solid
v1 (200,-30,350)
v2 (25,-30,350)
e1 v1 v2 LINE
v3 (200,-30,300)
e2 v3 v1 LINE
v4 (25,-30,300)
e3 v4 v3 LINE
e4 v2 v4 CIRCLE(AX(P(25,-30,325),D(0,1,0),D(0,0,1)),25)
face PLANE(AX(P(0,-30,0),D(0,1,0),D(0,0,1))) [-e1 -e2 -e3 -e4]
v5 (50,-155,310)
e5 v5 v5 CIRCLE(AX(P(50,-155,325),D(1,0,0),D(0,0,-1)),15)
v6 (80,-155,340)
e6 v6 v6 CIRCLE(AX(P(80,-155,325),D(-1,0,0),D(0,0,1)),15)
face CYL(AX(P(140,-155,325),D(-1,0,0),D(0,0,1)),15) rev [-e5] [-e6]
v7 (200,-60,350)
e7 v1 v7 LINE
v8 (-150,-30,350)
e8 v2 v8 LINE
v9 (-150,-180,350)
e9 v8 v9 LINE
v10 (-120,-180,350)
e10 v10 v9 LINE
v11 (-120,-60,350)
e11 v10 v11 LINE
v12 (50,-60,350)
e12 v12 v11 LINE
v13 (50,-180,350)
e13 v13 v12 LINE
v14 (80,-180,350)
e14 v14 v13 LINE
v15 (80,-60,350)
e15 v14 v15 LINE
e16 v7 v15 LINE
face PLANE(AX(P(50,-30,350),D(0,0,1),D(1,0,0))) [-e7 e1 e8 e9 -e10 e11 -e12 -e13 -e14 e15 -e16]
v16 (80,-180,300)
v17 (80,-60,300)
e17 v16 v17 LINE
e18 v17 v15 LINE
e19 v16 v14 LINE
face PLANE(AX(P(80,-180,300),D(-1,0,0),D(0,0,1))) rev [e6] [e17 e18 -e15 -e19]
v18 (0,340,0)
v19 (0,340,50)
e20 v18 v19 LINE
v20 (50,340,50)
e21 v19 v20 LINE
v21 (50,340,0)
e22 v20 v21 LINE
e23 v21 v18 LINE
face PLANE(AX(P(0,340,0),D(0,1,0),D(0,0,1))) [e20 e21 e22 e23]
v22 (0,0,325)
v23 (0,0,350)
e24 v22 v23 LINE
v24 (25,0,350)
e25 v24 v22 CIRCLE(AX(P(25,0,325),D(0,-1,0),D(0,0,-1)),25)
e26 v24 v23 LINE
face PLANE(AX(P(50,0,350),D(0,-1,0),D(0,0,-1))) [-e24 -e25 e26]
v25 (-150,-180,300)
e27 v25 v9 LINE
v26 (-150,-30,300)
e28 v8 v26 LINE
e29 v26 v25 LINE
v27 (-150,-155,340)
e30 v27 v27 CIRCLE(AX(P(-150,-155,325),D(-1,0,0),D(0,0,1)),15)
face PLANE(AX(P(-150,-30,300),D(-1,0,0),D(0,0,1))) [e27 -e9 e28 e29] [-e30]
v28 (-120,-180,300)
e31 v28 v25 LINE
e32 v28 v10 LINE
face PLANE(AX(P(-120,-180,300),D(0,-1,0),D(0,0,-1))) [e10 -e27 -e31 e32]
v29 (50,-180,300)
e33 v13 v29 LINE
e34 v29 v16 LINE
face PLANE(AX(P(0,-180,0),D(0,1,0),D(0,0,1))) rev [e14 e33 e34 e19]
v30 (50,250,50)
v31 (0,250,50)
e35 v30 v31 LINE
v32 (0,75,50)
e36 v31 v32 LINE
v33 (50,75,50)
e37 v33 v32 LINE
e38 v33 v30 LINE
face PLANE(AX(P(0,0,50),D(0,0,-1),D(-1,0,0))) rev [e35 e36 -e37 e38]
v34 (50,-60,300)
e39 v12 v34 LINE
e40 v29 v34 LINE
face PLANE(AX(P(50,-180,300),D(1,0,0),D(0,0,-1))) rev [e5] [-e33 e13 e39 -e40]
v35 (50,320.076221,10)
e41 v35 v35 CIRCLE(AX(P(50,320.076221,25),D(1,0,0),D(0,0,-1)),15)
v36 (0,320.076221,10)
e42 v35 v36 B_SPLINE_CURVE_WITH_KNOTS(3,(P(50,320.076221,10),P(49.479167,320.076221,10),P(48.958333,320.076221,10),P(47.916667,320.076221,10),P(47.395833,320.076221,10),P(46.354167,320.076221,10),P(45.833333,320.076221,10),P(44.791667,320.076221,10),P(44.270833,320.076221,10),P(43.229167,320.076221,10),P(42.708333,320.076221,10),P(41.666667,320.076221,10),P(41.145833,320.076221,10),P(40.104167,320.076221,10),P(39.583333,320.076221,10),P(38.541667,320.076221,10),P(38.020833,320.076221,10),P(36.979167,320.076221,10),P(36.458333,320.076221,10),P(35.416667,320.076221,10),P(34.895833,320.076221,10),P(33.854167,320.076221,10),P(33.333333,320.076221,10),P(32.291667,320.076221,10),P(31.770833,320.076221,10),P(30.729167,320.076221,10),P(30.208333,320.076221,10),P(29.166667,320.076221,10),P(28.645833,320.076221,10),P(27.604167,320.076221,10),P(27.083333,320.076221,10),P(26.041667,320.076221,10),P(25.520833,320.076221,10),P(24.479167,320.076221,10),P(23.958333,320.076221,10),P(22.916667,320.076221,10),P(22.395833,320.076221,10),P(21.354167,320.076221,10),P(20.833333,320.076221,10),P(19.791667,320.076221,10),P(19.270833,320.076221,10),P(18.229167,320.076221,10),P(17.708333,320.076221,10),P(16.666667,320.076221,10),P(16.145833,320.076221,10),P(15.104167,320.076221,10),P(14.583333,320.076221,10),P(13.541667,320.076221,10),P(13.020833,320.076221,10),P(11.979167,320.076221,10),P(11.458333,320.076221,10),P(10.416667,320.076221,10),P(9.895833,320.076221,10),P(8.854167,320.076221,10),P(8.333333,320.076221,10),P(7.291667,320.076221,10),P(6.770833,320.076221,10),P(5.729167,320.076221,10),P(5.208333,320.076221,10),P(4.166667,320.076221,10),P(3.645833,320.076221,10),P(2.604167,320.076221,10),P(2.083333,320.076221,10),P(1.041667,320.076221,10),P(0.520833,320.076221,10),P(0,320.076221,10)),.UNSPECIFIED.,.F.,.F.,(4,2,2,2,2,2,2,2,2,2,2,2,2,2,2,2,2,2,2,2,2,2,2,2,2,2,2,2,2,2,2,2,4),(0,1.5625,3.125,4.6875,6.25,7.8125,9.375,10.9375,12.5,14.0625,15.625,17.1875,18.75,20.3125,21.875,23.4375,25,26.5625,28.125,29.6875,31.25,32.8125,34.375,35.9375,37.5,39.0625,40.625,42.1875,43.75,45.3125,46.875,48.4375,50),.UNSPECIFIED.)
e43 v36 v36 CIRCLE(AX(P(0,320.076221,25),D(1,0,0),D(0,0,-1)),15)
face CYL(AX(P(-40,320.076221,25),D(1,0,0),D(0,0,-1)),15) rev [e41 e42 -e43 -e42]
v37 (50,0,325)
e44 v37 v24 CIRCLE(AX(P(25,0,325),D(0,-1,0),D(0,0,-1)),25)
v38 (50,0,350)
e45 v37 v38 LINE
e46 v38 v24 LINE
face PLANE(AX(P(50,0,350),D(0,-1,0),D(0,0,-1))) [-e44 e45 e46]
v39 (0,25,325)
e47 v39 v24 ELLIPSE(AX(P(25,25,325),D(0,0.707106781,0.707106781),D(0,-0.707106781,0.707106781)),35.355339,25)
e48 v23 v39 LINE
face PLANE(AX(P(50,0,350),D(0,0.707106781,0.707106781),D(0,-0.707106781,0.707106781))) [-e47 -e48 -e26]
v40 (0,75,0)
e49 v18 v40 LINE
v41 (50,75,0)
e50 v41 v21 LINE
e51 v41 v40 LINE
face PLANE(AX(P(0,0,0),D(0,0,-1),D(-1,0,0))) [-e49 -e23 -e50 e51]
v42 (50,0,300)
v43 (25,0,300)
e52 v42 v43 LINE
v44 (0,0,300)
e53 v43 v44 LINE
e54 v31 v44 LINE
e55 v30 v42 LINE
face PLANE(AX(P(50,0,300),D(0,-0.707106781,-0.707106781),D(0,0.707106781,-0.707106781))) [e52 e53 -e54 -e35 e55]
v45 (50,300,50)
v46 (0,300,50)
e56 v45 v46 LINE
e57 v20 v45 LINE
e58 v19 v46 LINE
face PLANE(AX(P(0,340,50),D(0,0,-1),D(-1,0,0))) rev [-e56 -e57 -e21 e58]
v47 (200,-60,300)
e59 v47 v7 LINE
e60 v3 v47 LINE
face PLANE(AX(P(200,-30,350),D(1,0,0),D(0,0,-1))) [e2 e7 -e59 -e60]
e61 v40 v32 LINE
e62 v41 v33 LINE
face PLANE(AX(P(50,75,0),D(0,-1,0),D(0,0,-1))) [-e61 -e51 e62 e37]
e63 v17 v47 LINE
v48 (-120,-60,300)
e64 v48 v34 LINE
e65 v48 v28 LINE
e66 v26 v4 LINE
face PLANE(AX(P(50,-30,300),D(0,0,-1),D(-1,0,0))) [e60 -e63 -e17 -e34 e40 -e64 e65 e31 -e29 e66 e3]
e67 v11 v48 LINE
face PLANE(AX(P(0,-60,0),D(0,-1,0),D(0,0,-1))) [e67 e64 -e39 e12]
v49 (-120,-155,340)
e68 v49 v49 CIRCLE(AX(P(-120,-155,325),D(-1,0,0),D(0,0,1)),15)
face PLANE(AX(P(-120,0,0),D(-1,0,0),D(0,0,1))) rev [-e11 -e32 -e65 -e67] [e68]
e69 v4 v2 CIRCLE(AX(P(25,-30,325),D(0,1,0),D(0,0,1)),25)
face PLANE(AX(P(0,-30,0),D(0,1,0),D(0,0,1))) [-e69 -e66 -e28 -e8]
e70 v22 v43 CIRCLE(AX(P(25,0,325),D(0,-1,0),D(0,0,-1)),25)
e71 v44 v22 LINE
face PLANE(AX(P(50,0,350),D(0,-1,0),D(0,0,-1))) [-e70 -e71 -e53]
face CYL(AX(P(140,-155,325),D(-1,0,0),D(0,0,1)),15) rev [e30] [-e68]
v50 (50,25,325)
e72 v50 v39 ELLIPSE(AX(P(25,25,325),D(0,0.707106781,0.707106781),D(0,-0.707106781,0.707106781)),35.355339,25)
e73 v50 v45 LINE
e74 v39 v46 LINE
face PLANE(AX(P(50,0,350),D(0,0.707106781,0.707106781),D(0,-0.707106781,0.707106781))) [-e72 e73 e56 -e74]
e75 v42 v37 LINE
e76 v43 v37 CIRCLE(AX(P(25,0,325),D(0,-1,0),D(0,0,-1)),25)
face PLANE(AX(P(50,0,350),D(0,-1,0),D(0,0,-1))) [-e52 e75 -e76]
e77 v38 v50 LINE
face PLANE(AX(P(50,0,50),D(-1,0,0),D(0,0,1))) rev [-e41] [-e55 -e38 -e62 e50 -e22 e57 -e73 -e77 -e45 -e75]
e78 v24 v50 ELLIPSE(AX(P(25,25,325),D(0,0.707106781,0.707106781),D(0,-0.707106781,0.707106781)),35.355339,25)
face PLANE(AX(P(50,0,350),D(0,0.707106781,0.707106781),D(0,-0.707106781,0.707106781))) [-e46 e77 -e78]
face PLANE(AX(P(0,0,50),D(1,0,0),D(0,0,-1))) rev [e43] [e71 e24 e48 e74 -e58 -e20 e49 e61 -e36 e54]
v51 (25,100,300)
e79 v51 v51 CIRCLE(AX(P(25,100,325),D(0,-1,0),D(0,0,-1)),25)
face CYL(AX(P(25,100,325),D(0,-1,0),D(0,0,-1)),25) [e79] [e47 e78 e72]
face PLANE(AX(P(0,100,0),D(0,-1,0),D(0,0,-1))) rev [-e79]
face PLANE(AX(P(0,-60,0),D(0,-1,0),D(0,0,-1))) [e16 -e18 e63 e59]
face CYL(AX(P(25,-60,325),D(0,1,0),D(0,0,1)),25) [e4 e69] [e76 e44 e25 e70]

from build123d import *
from build123d.topology import SkipClean

# Parameters (mm, degrees)
SKETCH1_W            = 50
SKETCH1_H            = 300
BOSS_EXTRUDE1_DEPTH  = 50
SKETCH2_W            = 50
SKETCH2_H            = 75
CUT_EXTRUDE3_DEPTH   = 50
BOSS_EXTRUDE2_DEPTH  = 50
BOSS_EXTRUDE3_DEPTH  = 100
BOSS_EXTRUDE4_START  = 60
BOSS_EXTRUDE4_DEPTH  = 60
BOSS_EXTRUDE12_DEPTH = 30
SKETCH13_W           = 50
SKETCH13_H           = 150
BOSS_EXTRUDE13_DEPTH = 30
SKETCH14_W           = 30
SKETCH14_H           = 50
BOSS_EXTRUDE14_DEPTH = 120
CUT_EXTRUDE4_DEPTH   = 290
SKETCH17_W           = 50
SKETCH17_H           = 44.956964621
CUT_EXTRUDE5_DEPTH   = 50
SKETCH18_W           = 50
SKETCH18_H           = 50
BOSS_EXTRUDE15_DEPTH = 40
SKETCH19_R           = 15
CUT_EXTRUDE6_DEPTH   = 90


with BuildPart() as part:
    # Sketch1 → Boss-Extrude1 (new body)
    with BuildSketch(Plane.XY):
        with Locations((25, 150)):
            Rectangle(SKETCH1_W, SKETCH1_H)
    extrude(amount=BOSS_EXTRUDE1_DEPTH)

    # Sketch2 → Cut-Extrude3 (cut)
    with BuildSketch(Plane.ZY):
        with Locations((25, 37.5)):
            Rectangle(SKETCH2_W, SKETCH2_H)
    extrude(amount=-CUT_EXTRUDE3_DEPTH, mode=Mode.SUBTRACT)

    # Sketch4 → Boss-Extrude2 (add)
    with BuildSketch(Plane.ZY):
        Polygon((350, 0), (50, 300), (0, 344.956964621), (0, 300), (300, 0), align=None)
    extrude(amount=-BOSS_EXTRUDE2_DEPTH)

    # Sketch5 → Boss-Extrude3 (add)
    with BuildSketch(Plane.XZ):
        with BuildLine():
            ThreePointArc((50, 325), (42.67766953, 342.67766953), (25, 350))
            Line((25, 350), (25, 300))
            ThreePointArc((25, 300), (42.67766953, 307.32233047), (50, 325))
        make_face()
        with BuildLine():
            Line((25, 300), (25, 350))
            ThreePointArc((25, 350), (0, 325), (25, 300))
        make_face()
    extrude(amount=-BOSS_EXTRUDE3_DEPTH)

    # Sketch6 → Boss-Extrude4 (add)
    with BuildSketch(Plane.XZ.offset(BOSS_EXTRUDE4_START)):
        with BuildLine():
            ThreePointArc((50, 325), (42.67766953, 342.67766953), (25, 350))
            Line((25, 350), (25, 300))
            ThreePointArc((25, 300), (42.67766953, 307.32233047), (50, 325))
        make_face()
        with BuildLine():
            Line((25, 300), (25, 350))
            ThreePointArc((25, 350), (0, 325), (25, 300))
        make_face()
    extrude(amount=-BOSS_EXTRUDE4_DEPTH)

    # Sketch9 → Boss-Extrude12 (add)
    with BuildSketch(Plane.XZ.offset(60)):
        Polygon((50, 300), (0, 300), (-150, 300), (-150, 350), (0, 350), (50, 350), (200, 350), (200, 300), align=None)
    extrude(amount=-BOSS_EXTRUDE12_DEPTH)

    # Sketch13 → Boss-Extrude13 (add)
    with SkipClean():  # the faces are left unmerged after this step: merging them gives an invalid solid
        with BuildSketch(Plane.ZY.offset(150)):
            with Locations((325, -105)):
                Rectangle(SKETCH13_W, SKETCH13_H)
        extrude(amount=-BOSS_EXTRUDE13_DEPTH)

    # Sketch14 → Boss-Extrude14 (add)
    with SkipClean():  # the faces are left unmerged after this step: merging them gives an invalid solid
        with BuildSketch(Plane.XZ.offset(60)):
            with Locations((65, 325)):
                Rectangle(SKETCH14_W, SKETCH14_H)
        extrude(amount=BOSS_EXTRUDE14_DEPTH)

    # Sketch15 → Cut-Extrude4 (cut)
    with SkipClean():  # the faces are left unmerged after this step: merging them gives an invalid solid
        with BuildSketch(Plane.ZY.offset(150)):
            with BuildLine():
                ThreePointArc((325, -140), (310, -155), (325, -170))
                Line((325, -170), (325, -140))
            make_face()
            with BuildLine():
                Line((325, -140), (325, -170))
                ThreePointArc((325, -170), (335.606601718, -165.606601718), (340, -155))
                ThreePointArc((340, -155), (335.606601718, -144.393398282), (325, -140))
            make_face()
        extrude(amount=-CUT_EXTRUDE4_DEPTH, mode=Mode.SUBTRACT)

    # Sketch17 → Cut-Extrude5 (cut)
    with SkipClean():  # the faces are left unmerged after this step: merging them gives an invalid solid
        with BuildSketch(Plane.XY):
            with Locations((25, 322.47848231)):
                Rectangle(SKETCH17_W, SKETCH17_H)
        extrude(amount=CUT_EXTRUDE5_DEPTH, mode=Mode.SUBTRACT)

    # Sketch18 → Boss-Extrude15 (add)
    with SkipClean():  # the faces are left unmerged after this step: merging them gives an invalid solid
        with BuildSketch(Plane(origin=(0, 300, 0), x_dir=(1, 0, 0), z_dir=(0, 1, 0))):
            with Locations((25, -25)):
                Rectangle(SKETCH18_W, SKETCH18_H)
        extrude(amount=BOSS_EXTRUDE15_DEPTH)

    # Sketch19 → Cut-Extrude6 (cut)
    with SkipClean():  # the faces are left unmerged after this step: merging them gives an invalid solid
        with BuildSketch(Plane(origin=(50, 0, 0), x_dir=(0, 0, -1), z_dir=(1, 0, 0))):
            with Locations((-25, 320.076220665)):
                Circle(SKETCH19_R)
        extrude(amount=-CUT_EXTRUDE6_DEPTH, mode=Mode.SUBTRACT)


solid = part.part
